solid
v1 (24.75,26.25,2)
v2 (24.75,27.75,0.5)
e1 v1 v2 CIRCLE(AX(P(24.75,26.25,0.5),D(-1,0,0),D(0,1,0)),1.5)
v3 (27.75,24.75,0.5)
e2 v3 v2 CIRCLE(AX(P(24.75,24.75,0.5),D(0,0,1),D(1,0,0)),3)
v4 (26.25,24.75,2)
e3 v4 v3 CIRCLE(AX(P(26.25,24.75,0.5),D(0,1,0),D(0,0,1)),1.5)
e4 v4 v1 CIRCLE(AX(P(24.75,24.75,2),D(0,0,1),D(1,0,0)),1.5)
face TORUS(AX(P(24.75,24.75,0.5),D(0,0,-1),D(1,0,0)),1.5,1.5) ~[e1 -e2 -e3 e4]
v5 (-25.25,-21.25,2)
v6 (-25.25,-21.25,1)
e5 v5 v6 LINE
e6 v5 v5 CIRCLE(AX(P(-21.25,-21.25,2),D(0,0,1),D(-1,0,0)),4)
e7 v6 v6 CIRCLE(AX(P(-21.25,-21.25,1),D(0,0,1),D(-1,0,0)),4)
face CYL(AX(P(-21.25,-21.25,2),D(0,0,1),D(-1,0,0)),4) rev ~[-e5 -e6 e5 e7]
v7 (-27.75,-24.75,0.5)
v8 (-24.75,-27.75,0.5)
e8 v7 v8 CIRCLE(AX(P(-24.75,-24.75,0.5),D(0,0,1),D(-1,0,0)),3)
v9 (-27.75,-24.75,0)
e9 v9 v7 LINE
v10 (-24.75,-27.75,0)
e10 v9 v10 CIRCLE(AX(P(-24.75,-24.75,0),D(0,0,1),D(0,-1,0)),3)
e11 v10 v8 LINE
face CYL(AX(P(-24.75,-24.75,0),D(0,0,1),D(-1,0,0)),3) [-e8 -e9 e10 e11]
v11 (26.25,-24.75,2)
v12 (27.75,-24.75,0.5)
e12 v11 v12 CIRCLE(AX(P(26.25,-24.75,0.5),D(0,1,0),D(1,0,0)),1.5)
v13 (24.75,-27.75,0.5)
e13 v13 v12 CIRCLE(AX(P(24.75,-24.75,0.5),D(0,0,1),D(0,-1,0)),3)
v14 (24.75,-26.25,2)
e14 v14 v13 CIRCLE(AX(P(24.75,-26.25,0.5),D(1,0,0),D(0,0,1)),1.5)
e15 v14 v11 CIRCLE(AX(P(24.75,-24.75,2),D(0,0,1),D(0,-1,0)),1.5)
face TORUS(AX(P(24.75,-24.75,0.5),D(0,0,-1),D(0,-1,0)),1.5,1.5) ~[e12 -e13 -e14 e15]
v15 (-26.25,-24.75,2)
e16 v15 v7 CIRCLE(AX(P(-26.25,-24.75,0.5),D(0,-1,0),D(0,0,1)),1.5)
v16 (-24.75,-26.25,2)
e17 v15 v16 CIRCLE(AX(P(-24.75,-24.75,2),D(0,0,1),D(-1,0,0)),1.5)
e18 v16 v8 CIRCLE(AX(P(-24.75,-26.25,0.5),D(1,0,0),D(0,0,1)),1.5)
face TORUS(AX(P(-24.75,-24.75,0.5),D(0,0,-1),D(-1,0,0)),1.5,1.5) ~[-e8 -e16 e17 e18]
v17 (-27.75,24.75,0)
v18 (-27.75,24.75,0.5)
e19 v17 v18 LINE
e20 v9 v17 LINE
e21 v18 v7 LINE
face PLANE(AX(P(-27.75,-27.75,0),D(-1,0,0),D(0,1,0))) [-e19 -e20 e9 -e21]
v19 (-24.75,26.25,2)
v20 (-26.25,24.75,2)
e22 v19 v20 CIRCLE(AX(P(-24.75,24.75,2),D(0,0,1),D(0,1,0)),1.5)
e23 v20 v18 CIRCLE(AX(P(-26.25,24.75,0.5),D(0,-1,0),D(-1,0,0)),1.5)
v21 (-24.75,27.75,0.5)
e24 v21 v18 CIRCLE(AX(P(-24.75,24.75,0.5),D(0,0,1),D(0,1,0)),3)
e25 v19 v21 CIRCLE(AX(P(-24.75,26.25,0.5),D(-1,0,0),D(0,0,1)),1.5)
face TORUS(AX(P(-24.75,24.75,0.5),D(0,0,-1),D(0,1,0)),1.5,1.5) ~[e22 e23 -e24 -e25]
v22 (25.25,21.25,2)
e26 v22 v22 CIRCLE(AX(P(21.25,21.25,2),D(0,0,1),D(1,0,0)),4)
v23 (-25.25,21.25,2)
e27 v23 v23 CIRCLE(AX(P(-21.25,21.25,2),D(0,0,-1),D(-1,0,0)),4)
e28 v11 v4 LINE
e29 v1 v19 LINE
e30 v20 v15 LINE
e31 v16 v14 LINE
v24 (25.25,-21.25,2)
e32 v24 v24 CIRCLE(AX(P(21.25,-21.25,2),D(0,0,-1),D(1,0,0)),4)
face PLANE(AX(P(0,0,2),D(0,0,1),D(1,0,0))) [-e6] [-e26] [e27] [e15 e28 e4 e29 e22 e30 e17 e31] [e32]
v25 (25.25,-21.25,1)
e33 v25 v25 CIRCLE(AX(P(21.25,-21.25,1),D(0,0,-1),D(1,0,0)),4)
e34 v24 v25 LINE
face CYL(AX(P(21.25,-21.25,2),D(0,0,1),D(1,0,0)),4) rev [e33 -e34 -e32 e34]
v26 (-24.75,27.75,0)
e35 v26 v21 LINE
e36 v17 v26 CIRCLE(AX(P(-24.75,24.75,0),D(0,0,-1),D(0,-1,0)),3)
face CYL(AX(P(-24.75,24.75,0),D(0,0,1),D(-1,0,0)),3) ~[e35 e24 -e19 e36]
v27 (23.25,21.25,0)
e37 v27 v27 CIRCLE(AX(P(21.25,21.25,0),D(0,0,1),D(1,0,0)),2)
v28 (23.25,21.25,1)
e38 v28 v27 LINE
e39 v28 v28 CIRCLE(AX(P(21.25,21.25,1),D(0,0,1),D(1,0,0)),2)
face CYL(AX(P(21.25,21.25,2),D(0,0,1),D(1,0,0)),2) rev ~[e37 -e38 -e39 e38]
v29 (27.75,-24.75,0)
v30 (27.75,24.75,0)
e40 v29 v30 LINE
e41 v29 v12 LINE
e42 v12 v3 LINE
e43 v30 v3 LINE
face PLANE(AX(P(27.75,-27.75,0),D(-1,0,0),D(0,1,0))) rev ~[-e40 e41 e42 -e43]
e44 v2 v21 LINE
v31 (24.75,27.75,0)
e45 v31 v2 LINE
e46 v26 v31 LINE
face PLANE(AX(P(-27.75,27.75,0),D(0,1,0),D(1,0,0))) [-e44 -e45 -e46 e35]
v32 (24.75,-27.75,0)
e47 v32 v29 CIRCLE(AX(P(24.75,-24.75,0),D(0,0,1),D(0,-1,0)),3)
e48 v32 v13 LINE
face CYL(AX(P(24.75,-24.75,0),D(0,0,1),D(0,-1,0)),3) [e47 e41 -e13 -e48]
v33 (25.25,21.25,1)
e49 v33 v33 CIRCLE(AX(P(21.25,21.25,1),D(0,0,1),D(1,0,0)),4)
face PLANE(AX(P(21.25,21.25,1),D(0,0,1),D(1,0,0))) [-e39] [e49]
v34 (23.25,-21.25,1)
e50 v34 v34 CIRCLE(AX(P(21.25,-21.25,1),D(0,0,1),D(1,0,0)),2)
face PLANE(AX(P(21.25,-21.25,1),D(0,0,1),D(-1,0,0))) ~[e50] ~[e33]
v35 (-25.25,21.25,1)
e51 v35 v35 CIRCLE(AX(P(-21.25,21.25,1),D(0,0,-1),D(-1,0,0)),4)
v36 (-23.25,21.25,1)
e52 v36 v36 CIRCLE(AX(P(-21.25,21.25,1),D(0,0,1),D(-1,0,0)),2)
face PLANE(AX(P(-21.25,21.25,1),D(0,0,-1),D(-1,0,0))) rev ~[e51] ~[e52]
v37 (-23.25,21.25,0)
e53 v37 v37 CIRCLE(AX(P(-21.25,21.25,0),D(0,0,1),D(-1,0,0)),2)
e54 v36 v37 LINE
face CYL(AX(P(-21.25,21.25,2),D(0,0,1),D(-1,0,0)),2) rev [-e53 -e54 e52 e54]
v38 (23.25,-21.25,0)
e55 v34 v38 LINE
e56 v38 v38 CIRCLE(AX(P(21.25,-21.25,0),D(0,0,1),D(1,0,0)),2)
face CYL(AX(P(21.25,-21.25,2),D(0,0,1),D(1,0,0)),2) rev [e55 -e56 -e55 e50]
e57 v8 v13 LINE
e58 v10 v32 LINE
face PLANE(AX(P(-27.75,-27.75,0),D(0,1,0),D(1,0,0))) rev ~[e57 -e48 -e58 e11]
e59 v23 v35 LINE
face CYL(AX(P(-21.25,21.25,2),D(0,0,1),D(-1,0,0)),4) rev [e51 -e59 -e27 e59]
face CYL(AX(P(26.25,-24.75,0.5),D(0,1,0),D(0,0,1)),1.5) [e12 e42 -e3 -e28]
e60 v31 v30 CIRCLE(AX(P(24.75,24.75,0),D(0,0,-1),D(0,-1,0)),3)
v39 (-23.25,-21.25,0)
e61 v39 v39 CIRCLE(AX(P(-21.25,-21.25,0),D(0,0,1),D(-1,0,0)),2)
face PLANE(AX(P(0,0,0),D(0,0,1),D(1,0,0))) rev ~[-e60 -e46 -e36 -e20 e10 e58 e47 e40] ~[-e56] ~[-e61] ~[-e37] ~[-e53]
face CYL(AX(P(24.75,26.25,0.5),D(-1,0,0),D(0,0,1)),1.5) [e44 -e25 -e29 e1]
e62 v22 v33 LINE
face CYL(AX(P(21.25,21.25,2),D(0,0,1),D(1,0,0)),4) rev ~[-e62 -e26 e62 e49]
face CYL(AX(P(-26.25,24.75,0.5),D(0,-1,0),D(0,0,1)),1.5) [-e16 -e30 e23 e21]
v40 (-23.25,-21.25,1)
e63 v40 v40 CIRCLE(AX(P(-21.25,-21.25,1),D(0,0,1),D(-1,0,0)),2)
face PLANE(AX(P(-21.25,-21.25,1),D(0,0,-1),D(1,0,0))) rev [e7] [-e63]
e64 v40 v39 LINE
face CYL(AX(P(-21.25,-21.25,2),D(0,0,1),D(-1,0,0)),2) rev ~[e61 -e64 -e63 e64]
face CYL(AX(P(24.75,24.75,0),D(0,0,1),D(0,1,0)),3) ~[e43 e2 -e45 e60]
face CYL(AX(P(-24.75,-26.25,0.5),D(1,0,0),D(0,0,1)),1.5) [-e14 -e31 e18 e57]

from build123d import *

# Parameters (mm, degrees)
SKETCH_W                   = 55.5
SKETCH_H                   = 55.5
PAD_DEPTH                  = 2
SKETCH001_R                = 2
POCKET_DEPTH               = 159.02966
SKETCH002_R                = 4
POCKET001_DEPTH            = 1
SKETCH001_MIRRORED_2_R     = 2
POCKET_MIRRORED_2_DEPTH    = 159.02966
SKETCH002_MIRRORED_2_R     = 4
POCKET001_MIRRORED_2_DEPTH = 1
FILLET_R                   = 3
FILLET001_R                = 1.5


with BuildPart() as part:
    # Sketch → Pad (new body)
    with BuildSketch(Plane.XY):
        Rectangle(SKETCH_W, SKETCH_H)
    extrude(amount=PAD_DEPTH)

    # Sketch001 (on Face6 of Pad) → Pocket (cut, through all)
    with BuildSketch(Plane.XY.offset(2)):
        with Locations((21.25, 21.25)):
            Circle(SKETCH001_R)
    pocket = extrude(amount=-POCKET_DEPTH, mode=Mode.SUBTRACT)

    # Sketch002 (on Face5 of Pocket) → Pocket001 (cut)
    with BuildSketch(Plane.XY.offset(2)):
        with Locations((21.25, 21.25)):
            Circle(SKETCH002_R)
    pocket001 = extrude(amount=-POCKET001_DEPTH, mode=Mode.SUBTRACT)

    # Sketch001 Mirrored 2 → Pocket Mirrored 2 (cut, through all)
    with BuildSketch(Plane(origin=(0, 0, 2), x_dir=(-1, 0, 0), z_dir=(0, 0, -1))):
        with Locations((21.25, 21.25)):
            Circle(SKETCH001_MIRRORED_2_R)
    pocket_mirrored_2 = extrude(amount=POCKET_MIRRORED_2_DEPTH, mode=Mode.SUBTRACT)

    # Sketch002 Mirrored 2 → Pocket001 Mirrored 2 (cut)
    with BuildSketch(Plane(origin=(0, 0, 2), x_dir=(-1, 0, 0), z_dir=(0, 0, -1))):
        with Locations((21.25, 21.25)):
            Circle(SKETCH002_MIRRORED_2_R)
    pocket001_mirrored_2 = extrude(amount=POCKET001_MIRRORED_2_DEPTH, mode=Mode.SUBTRACT)

    # Mirrored001: Pocket, Pocket001, Pocket Mirrored 2, Pocket001 Mirrored 2 across Sketch001 H_Axis
    add(pocket.mirror(Plane(origin=(0, 0, 2), x_dir=(0, 0, 1), z_dir=(0, 1, 0))), mode=Mode.SUBTRACT)
    add(pocket001.mirror(Plane(origin=(0, 0, 2), x_dir=(0, 0, 1), z_dir=(0, 1, 0))), mode=Mode.SUBTRACT)
    add(pocket_mirrored_2.mirror(Plane(origin=(0, 0, 2), x_dir=(0, 0, 1), z_dir=(0, 1, 0))), mode=Mode.SUBTRACT)
    add(pocket001_mirrored_2.mirror(Plane(origin=(0, 0, 2), x_dir=(0, 0, 1), z_dir=(0, 1, 0))), mode=Mode.SUBTRACT)

    # Fillet
    fillet_edges = [part.edges().sort_by_distance(p)[0] for p in [
        (-27.75, -27.75, 1),
        (27.75, -27.75, 1),
        (27.75, 27.75, 1),
        (-27.75, 27.75, 1),
    ]]
    fillet(fillet_edges, radius=FILLET_R)

    # Fillet001
    fillet001_edges = [part.edges().sort_by_distance(p)[0] for p in [
        (0, -27.75, 2),
    ]]
    fillet(fillet001_edges, radius=FILLET001_R)


solid = part.part
